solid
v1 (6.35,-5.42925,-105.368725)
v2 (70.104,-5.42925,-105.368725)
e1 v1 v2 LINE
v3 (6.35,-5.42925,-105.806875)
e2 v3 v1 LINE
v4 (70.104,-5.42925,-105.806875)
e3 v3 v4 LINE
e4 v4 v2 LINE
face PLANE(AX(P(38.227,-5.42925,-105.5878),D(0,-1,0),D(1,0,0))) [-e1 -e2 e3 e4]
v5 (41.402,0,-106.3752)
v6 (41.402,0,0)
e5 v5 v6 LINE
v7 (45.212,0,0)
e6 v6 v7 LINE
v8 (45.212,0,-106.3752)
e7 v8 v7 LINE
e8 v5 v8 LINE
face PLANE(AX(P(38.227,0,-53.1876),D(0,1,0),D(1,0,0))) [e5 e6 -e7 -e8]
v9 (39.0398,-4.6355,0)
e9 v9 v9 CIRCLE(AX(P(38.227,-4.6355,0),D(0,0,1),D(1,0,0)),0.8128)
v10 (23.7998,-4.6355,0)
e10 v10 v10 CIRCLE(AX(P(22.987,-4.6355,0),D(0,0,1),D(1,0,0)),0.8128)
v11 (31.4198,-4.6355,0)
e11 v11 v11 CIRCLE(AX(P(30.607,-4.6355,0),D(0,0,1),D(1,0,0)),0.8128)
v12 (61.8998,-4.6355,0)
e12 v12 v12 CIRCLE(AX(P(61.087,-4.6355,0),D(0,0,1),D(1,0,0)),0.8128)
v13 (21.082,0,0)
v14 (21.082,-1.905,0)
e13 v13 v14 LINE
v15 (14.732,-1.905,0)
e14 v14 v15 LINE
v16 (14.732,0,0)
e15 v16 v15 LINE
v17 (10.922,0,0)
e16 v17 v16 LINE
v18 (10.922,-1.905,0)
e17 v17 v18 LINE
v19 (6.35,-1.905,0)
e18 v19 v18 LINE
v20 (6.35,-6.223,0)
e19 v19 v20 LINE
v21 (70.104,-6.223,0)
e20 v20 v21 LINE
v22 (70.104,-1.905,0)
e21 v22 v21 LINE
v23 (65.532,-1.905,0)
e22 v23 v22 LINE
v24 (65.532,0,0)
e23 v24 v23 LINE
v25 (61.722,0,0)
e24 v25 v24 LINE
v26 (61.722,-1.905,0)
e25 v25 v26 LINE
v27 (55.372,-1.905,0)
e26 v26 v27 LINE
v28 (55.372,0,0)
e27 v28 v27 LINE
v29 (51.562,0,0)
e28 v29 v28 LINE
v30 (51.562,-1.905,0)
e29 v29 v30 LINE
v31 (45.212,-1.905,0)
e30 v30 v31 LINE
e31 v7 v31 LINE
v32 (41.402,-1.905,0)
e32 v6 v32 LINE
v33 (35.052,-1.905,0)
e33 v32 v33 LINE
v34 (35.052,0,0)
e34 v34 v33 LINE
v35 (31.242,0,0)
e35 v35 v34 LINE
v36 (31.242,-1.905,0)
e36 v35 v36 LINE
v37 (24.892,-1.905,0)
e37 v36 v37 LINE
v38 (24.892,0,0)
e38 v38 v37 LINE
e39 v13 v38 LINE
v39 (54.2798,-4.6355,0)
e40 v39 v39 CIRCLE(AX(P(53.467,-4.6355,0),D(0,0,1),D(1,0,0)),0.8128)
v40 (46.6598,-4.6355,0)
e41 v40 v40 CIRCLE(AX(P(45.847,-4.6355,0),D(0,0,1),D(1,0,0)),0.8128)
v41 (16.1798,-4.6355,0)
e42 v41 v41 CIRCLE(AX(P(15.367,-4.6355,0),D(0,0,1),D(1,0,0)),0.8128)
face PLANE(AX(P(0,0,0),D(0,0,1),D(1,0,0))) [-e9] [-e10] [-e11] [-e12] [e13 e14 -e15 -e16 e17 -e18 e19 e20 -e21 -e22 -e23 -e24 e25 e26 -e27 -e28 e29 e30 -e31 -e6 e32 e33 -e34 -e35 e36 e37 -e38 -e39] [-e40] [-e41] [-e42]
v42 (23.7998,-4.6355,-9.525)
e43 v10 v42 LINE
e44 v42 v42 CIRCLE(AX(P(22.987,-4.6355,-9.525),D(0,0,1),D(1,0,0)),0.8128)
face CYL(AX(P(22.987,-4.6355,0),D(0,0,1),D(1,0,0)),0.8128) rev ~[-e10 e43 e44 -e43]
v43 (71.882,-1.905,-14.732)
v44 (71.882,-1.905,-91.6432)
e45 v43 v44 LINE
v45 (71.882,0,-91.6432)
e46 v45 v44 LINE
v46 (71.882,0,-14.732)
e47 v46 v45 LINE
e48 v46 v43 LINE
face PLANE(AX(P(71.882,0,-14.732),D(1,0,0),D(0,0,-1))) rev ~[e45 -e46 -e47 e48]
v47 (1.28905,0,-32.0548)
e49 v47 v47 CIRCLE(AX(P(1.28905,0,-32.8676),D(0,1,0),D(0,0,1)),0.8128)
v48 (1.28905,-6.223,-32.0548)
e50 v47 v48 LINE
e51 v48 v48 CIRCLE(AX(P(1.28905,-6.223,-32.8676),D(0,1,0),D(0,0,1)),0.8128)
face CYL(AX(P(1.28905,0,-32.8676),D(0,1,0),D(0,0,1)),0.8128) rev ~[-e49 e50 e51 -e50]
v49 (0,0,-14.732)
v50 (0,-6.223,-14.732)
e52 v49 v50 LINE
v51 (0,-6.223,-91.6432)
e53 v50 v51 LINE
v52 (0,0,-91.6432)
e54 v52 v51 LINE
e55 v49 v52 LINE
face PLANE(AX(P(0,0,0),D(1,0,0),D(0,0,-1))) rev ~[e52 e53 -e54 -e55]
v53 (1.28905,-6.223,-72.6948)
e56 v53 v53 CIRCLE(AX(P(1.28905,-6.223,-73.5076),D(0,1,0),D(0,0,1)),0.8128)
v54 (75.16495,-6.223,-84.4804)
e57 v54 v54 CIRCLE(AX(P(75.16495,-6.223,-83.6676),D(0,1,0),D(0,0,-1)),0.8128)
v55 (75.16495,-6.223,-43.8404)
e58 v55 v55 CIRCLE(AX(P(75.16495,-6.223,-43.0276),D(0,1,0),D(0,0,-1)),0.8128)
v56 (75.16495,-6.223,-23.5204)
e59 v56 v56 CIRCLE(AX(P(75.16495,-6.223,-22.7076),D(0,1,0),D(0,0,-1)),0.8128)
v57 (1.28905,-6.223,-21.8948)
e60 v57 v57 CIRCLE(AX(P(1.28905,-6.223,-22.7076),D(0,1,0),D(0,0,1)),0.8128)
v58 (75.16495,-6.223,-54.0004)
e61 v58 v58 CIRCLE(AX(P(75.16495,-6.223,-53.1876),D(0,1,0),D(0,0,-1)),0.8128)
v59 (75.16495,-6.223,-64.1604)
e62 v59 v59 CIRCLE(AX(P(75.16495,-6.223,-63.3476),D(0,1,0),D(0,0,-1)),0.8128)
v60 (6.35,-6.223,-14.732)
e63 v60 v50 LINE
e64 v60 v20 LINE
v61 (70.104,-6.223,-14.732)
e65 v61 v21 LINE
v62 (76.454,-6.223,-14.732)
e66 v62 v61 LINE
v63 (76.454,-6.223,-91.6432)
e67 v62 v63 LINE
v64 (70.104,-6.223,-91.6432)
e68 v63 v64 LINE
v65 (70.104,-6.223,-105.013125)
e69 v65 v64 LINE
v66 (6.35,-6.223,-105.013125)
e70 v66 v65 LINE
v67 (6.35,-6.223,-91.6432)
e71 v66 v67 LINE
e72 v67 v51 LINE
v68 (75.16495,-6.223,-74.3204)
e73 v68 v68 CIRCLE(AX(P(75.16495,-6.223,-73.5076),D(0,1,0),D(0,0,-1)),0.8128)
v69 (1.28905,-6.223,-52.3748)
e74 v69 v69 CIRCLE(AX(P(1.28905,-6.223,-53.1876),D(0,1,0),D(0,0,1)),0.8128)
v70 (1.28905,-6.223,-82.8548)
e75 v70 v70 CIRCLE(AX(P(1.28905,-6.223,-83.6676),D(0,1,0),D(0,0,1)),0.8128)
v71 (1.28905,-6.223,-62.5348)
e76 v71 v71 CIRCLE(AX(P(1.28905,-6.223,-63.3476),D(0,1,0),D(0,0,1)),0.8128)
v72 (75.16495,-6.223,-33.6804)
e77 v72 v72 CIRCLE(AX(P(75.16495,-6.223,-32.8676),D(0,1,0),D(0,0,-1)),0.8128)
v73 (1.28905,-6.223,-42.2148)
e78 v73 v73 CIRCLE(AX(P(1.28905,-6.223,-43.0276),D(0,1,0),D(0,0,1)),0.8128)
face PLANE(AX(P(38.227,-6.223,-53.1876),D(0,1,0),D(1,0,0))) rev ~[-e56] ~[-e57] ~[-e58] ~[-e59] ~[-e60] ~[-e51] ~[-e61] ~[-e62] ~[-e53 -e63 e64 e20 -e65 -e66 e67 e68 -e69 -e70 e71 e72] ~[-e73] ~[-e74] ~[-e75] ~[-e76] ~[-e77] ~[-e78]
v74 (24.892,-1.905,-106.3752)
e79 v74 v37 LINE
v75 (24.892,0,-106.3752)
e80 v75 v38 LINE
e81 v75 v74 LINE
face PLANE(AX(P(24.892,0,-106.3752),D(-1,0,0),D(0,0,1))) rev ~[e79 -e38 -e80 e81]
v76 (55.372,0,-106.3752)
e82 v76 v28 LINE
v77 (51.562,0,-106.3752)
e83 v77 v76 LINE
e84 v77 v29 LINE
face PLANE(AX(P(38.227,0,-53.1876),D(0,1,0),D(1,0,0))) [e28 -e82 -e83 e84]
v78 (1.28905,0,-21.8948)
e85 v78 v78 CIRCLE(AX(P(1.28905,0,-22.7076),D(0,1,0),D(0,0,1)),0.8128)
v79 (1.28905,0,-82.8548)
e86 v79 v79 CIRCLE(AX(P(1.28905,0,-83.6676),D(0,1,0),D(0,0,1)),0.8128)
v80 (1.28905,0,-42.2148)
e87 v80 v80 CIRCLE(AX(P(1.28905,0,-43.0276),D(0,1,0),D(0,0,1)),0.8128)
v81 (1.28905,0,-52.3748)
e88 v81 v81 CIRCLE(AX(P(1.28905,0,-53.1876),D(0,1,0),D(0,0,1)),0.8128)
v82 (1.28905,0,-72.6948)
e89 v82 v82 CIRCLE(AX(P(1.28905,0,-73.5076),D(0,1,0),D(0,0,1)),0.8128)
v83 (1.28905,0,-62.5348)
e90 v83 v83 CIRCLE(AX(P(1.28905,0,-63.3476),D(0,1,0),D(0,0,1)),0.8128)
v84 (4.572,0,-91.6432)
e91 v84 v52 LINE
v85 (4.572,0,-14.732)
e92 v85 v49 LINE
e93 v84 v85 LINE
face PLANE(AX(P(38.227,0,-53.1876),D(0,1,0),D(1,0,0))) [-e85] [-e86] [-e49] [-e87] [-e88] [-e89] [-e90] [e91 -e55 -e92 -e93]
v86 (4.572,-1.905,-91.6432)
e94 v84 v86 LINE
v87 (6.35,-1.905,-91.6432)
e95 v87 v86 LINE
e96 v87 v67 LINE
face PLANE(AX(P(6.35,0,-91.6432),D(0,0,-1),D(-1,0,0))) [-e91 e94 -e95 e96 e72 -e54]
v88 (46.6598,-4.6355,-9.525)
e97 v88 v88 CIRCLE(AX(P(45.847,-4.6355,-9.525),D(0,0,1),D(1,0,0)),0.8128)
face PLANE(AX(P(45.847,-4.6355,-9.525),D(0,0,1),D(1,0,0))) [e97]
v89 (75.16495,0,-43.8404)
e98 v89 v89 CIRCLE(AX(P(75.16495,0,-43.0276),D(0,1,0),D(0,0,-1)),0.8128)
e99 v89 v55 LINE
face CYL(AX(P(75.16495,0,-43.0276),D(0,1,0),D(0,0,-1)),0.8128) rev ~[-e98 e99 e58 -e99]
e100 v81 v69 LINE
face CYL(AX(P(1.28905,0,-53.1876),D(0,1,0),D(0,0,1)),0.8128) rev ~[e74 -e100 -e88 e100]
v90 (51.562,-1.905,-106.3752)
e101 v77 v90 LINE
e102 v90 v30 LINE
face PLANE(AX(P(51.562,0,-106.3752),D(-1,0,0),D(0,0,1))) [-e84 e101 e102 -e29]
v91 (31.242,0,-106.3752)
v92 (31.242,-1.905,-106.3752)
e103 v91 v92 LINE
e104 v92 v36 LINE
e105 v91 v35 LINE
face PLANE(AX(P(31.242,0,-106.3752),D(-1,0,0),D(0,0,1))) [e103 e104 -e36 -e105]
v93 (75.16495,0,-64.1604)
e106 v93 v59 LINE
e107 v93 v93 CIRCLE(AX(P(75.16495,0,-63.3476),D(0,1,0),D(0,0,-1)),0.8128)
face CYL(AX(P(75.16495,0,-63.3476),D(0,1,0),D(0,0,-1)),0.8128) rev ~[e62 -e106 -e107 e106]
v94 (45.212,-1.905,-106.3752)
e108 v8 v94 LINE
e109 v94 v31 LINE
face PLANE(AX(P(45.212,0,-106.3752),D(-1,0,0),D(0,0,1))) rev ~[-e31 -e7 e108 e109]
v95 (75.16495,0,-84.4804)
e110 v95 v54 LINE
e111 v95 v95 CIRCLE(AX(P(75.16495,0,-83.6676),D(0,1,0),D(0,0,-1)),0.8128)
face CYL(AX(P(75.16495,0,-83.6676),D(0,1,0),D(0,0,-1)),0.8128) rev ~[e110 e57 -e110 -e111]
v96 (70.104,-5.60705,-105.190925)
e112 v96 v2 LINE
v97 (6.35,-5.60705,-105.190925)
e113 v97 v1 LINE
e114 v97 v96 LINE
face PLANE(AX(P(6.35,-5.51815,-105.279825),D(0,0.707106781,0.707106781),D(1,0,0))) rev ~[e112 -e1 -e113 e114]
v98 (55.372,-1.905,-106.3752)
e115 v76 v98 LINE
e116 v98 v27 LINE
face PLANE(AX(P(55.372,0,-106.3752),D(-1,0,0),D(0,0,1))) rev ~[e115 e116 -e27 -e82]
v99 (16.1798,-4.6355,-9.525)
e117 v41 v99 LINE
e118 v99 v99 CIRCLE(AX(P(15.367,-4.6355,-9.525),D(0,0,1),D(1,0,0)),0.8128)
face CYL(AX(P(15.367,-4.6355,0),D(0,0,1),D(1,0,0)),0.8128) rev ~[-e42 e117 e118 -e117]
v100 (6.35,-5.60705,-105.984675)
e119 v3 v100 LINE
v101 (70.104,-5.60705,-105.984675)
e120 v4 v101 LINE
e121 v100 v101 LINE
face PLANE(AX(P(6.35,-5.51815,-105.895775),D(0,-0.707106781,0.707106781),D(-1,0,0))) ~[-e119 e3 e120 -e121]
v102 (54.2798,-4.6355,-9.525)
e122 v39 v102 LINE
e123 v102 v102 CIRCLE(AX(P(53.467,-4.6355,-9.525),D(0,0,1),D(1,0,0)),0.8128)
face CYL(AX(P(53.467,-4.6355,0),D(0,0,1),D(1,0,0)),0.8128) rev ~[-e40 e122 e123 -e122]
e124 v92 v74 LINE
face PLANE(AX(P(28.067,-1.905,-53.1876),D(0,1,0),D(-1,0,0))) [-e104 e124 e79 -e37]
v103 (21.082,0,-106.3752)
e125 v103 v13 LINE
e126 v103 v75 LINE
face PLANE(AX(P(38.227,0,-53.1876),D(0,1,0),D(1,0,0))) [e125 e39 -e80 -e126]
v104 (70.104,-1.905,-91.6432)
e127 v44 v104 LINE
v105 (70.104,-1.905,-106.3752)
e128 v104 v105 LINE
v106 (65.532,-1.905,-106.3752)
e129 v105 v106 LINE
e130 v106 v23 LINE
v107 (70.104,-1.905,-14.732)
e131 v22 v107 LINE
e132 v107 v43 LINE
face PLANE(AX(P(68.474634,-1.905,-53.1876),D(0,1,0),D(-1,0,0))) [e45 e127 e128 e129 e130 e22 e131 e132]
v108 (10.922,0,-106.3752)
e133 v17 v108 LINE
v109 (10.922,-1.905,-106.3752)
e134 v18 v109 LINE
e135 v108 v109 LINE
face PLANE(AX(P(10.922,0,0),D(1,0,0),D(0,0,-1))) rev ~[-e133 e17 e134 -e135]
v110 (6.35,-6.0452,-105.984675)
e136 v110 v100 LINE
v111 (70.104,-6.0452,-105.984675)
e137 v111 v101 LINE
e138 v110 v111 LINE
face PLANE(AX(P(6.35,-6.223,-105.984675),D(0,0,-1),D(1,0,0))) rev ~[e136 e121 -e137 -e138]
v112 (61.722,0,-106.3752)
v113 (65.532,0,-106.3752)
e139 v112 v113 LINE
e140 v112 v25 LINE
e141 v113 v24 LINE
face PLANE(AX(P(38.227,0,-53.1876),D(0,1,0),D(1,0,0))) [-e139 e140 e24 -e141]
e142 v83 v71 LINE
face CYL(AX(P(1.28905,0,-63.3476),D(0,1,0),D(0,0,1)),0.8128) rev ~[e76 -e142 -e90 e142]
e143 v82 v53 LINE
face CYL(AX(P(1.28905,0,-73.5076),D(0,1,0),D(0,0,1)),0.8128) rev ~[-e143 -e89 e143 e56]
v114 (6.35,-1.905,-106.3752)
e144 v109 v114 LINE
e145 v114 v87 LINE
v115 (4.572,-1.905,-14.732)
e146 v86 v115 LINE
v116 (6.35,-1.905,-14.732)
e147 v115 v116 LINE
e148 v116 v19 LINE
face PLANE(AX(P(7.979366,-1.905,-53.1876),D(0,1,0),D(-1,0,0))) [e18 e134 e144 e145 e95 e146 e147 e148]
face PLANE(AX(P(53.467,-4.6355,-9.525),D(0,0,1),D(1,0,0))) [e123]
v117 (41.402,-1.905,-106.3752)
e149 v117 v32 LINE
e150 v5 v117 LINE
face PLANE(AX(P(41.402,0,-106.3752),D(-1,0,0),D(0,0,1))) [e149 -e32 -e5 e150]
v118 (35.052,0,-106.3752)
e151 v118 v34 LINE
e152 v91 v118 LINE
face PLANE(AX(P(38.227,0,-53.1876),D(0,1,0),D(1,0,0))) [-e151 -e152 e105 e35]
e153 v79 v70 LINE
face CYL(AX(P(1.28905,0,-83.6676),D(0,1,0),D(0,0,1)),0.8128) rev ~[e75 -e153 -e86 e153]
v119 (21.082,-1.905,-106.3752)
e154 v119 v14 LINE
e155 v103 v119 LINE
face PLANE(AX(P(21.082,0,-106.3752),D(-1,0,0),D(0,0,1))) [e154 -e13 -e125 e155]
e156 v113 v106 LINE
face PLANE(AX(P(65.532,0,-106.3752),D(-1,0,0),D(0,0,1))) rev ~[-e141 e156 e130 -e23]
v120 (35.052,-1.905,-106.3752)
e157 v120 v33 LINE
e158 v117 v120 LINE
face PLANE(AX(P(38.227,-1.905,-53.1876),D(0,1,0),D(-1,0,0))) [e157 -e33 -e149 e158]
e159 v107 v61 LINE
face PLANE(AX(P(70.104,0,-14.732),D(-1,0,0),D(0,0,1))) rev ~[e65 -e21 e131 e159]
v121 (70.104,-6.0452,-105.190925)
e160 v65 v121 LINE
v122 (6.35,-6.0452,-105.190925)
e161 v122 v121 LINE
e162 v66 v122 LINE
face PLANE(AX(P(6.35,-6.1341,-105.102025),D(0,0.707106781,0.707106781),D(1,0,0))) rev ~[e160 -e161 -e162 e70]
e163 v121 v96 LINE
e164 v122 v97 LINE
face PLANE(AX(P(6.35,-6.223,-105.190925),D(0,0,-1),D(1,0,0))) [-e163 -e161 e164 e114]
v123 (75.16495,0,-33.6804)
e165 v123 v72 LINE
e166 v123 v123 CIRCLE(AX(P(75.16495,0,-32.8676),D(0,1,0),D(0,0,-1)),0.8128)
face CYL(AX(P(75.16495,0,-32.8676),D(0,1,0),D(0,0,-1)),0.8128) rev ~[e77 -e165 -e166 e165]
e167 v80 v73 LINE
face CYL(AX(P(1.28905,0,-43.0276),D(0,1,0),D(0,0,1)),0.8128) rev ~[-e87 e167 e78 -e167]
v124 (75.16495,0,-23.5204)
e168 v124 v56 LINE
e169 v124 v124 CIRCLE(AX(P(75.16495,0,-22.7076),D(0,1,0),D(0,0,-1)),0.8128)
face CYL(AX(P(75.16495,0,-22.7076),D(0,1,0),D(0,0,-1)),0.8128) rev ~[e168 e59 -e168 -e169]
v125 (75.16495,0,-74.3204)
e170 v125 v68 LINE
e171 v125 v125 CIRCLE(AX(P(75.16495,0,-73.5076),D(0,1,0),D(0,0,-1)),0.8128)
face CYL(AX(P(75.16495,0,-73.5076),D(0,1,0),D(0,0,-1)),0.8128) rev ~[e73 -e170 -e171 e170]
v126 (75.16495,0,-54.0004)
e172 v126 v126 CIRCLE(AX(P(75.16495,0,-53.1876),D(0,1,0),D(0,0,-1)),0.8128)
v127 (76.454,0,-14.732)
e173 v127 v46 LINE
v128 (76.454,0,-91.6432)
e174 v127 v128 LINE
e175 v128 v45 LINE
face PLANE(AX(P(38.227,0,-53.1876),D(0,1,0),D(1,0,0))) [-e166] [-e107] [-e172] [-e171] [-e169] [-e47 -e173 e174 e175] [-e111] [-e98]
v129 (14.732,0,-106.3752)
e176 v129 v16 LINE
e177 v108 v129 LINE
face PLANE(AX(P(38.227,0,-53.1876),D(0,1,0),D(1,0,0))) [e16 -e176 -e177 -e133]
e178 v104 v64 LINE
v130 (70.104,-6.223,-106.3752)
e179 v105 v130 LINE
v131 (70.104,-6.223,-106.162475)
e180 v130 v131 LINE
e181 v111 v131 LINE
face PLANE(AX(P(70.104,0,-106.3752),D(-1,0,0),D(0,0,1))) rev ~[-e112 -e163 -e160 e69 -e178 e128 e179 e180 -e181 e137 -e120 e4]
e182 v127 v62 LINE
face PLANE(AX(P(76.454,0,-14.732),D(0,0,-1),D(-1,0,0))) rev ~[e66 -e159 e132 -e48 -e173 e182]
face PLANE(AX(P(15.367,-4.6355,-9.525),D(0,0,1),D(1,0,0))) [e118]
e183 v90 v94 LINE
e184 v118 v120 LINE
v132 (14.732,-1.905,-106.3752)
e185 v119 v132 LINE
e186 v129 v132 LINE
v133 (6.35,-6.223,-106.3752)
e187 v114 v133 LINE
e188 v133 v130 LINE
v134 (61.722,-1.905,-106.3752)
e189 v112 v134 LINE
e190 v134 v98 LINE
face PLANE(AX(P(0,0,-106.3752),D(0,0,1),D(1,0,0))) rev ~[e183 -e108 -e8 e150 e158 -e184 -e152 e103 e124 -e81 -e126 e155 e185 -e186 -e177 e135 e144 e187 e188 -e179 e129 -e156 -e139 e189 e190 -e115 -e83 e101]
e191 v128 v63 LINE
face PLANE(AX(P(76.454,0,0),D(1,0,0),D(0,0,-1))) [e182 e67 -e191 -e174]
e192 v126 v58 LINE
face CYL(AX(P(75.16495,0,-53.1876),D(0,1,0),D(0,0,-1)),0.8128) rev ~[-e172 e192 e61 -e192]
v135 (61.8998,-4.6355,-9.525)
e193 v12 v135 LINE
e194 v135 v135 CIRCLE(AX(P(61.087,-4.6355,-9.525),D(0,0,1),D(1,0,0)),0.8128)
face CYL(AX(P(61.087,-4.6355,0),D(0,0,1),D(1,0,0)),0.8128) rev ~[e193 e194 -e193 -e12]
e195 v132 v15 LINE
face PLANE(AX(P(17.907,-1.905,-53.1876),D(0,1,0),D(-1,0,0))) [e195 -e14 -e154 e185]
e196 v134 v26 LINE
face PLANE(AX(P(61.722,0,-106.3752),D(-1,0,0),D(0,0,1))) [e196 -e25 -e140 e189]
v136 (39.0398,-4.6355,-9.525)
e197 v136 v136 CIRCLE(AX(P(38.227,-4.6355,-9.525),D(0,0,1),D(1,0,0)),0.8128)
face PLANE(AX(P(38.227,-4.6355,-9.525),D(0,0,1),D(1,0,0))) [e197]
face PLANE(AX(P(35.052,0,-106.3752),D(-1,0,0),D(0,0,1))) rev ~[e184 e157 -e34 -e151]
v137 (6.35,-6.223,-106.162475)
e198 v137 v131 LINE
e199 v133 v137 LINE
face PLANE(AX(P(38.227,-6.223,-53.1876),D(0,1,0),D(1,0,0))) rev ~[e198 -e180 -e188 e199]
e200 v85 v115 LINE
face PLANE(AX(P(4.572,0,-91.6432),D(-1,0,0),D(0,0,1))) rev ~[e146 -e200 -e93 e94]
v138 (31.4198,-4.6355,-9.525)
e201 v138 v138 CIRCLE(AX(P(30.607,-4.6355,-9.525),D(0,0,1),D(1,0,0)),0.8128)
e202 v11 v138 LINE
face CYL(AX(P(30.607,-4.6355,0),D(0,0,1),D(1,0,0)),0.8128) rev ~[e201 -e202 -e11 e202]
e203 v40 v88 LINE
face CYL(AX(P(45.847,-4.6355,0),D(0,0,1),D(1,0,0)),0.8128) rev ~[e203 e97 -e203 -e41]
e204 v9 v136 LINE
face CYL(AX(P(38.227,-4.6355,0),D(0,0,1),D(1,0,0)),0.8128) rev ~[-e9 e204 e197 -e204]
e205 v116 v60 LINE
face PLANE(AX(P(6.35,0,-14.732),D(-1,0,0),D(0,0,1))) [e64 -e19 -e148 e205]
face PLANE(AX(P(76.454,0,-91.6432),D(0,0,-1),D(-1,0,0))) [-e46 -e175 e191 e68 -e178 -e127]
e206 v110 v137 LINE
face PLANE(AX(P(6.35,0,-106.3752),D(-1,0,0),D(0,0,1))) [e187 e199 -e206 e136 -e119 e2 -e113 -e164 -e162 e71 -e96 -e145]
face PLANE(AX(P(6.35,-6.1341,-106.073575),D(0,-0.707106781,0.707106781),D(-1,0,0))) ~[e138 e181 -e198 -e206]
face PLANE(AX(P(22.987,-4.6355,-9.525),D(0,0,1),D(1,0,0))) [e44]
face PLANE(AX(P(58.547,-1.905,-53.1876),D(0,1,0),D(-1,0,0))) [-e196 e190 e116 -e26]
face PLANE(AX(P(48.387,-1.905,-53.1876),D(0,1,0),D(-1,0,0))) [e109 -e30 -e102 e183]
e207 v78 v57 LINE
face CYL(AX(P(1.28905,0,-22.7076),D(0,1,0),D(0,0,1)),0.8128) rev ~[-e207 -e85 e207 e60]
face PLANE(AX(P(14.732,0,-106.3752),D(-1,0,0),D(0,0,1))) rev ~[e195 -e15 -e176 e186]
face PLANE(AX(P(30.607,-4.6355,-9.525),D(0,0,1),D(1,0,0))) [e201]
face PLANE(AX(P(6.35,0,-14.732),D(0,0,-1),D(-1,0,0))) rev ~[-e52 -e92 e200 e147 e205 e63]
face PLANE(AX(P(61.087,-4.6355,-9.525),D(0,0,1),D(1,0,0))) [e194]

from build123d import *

# Parameters (mm, degrees)
SKETCH1_W      = 76.454
SKETCH1_H      = 106.3752
EXTRUDE1_DEPTH = 6.223
SKETCH2_W      = 6.35
SKETCH2_H      = 14.732
EXTRUDE2_DEPTH = 132.147333256
SKETCH3_R      = 0.8128
EXTRUDE3_DEPTH = 9.525
SKETCH5_R      = 0.8128
EXTRUDE4_DEPTH = 132.147333256
SKETCH7_W      = 63.754
SKETCH7_H      = 0.79375
EXTRUDE5_DEPTH = 0.79375
CHAMFER1_SIZE  = 0.1778
SKETCH8_W      = 6.35
SKETCH8_H      = 106.3752
EXTRUDE7_DEPTH = 1.905


with BuildPart() as part:
    # Sketch1 → Extrude1 (new body)
    with BuildSketch(Plane(origin=(0, 0, 0), x_dir=(1, 0, 0), z_dir=(0, 1, 0))):
        with Locations((38.227, 53.1876)):
            Rectangle(SKETCH1_W, SKETCH1_H)
    extrude(amount=-EXTRUDE1_DEPTH)

    # Sketch2 → Extrude2 (cut, through all)
    with BuildSketch(Plane(origin=(0, 0, 0), x_dir=(-1, 0, 0), z_dir=(0, 1, 0))):
        with Locations((-3.175, -7.366)):
            Rectangle(SKETCH2_W, SKETCH2_H)
        with Locations((-73.279, -7.366)):
            Rectangle(SKETCH2_W, SKETCH2_H)
        with Locations((-73.279, -99.0092)):
            Rectangle(SKETCH2_W, SKETCH2_H)
        with Locations((-3.175, -99.0092)):
            Rectangle(SKETCH2_W, SKETCH2_H)
    extrude(amount=-EXTRUDE2_DEPTH, mode=Mode.SUBTRACT)

    # Sketch3 → Extrude3 (cut)
    with BuildSketch(Plane.XY):
        with Locations((15.367, -4.6355)):
            Circle(SKETCH3_R)
        with Locations((22.987, -4.6355)):
            Circle(SKETCH3_R)
        with Locations((30.607, -4.6355)):
            Circle(SKETCH3_R)
        with Locations((38.227, -4.6355)):
            Circle(SKETCH3_R)
        with Locations((45.847, -4.6355)):
            Circle(SKETCH3_R)
        with Locations((53.467, -4.6355)):
            Circle(SKETCH3_R)
        with Locations((61.087, -4.6355)):
            Circle(SKETCH3_R)
    extrude(amount=-EXTRUDE3_DEPTH, mode=Mode.SUBTRACT)

    # Sketch5 → Extrude4 (cut, through all)
    with BuildSketch(Plane(origin=(0, 0, 0), x_dir=(1, 0, 0), z_dir=(0, 1, 0))):
        with Locations(Location((1.28905, 83.6676, 0), (0, 0, 270))):
            Circle(SKETCH5_R)
        with Locations(Location((1.28905, 63.3476, 0), (0, 0, 270))):
            Circle(SKETCH5_R)
        with Locations(Location((1.28905, 53.1876, 0), (0, 0, 270))):
            Circle(SKETCH5_R)
        with Locations(Location((1.28905, 73.5076, 0), (0, 0, 270))):
            Circle(SKETCH5_R)
        with Locations(Location((1.28905, 32.8676, 0), (0, 0, 270))):
            Circle(SKETCH5_R)
        with Locations(Location((1.28905, 22.7076, 0), (0, 0, 270))):
            Circle(SKETCH5_R)
        with Locations(Location((75.16495, 83.6676, 0), (0, 0, 90))):
            Circle(SKETCH5_R)
        with Locations(Location((75.16495, 73.5076, 0), (0, 0, 90))):
            Circle(SKETCH5_R)
        with Locations(Location((75.16495, 63.3476, 0), (0, 0, 90))):
            Circle(SKETCH5_R)
        with Locations(Location((75.16495, 53.1876, 0), (0, 0, 90))):
            Circle(SKETCH5_R)
        with Locations(Location((75.16495, 43.0276, 0), (0, 0, 90))):
            Circle(SKETCH5_R)
        with Locations(Location((75.16495, 32.8676, 0), (0, 0, 90))):
            Circle(SKETCH5_R)
        with Locations(Location((75.16495, 22.7076, 0), (0, 0, 90))):
            Circle(SKETCH5_R)
        with Locations(Location((1.28905, 43.0276, 0), (0, 0, 270))):
            Circle(SKETCH5_R)
    extrude(amount=-EXTRUDE4_DEPTH, mode=Mode.SUBTRACT)

    # Sketch7 → Extrude5 (cut)
    with BuildSketch(Plane.XZ.offset(6.223)):
        with Locations((38.227, -105.5878)):
            Rectangle(SKETCH7_W, SKETCH7_H)
    extrude(amount=-EXTRUDE5_DEPTH, mode=Mode.SUBTRACT)

    # Chamfer1
    chamfer1_edges = [part.edges().sort_by_distance(p)[0] for p in [
        (38.227, -5.42925, -105.190925),
        (38.227, -5.42925, -105.984675),
        (38.227, -6.223, -105.984675),
        (38.227, -6.223, -105.190925),
    ]]
    chamfer(chamfer1_edges, length=CHAMFER1_SIZE)

    # Sketch8 → Extrude7 (cut)
    with BuildSketch(Plane(origin=(0, 0, 0), x_dir=(-1, 0, 0), z_dir=(0, 1, 0))):
        Polygon((-10.922, 0), (-10.922, -106.3752), (-6.35, -106.3752), (-6.35, -91.6432), (-4.572, -91.6432), (-4.572, -14.732), (-6.35, -14.732), (-6.35, 0), align=None)
        with Locations((-17.907, -53.1876)):
            Rectangle(SKETCH8_W, SKETCH8_H)
        with Locations((-28.067, -53.1876)):
            Rectangle(SKETCH8_W, SKETCH8_H)
        with Locations((-38.227, -53.1876)):
            Rectangle(SKETCH8_W, SKETCH8_H)
        with Locations((-58.547, -53.1876)):
            Rectangle(SKETCH8_W, SKETCH8_H)
        Polygon((-70.104, -106.3752), (-65.532, -106.3752), (-65.532, 0), (-70.104, 0), (-70.104, -14.732), (-71.882, -14.732), (-71.882, -91.6432), (-70.104, -91.6432), align=None)
        with Locations((-48.387, -53.1876)):
            Rectangle(SKETCH8_W, SKETCH8_H)
    extrude(amount=-EXTRUDE7_DEPTH, mode=Mode.SUBTRACT)


solid = part.part
